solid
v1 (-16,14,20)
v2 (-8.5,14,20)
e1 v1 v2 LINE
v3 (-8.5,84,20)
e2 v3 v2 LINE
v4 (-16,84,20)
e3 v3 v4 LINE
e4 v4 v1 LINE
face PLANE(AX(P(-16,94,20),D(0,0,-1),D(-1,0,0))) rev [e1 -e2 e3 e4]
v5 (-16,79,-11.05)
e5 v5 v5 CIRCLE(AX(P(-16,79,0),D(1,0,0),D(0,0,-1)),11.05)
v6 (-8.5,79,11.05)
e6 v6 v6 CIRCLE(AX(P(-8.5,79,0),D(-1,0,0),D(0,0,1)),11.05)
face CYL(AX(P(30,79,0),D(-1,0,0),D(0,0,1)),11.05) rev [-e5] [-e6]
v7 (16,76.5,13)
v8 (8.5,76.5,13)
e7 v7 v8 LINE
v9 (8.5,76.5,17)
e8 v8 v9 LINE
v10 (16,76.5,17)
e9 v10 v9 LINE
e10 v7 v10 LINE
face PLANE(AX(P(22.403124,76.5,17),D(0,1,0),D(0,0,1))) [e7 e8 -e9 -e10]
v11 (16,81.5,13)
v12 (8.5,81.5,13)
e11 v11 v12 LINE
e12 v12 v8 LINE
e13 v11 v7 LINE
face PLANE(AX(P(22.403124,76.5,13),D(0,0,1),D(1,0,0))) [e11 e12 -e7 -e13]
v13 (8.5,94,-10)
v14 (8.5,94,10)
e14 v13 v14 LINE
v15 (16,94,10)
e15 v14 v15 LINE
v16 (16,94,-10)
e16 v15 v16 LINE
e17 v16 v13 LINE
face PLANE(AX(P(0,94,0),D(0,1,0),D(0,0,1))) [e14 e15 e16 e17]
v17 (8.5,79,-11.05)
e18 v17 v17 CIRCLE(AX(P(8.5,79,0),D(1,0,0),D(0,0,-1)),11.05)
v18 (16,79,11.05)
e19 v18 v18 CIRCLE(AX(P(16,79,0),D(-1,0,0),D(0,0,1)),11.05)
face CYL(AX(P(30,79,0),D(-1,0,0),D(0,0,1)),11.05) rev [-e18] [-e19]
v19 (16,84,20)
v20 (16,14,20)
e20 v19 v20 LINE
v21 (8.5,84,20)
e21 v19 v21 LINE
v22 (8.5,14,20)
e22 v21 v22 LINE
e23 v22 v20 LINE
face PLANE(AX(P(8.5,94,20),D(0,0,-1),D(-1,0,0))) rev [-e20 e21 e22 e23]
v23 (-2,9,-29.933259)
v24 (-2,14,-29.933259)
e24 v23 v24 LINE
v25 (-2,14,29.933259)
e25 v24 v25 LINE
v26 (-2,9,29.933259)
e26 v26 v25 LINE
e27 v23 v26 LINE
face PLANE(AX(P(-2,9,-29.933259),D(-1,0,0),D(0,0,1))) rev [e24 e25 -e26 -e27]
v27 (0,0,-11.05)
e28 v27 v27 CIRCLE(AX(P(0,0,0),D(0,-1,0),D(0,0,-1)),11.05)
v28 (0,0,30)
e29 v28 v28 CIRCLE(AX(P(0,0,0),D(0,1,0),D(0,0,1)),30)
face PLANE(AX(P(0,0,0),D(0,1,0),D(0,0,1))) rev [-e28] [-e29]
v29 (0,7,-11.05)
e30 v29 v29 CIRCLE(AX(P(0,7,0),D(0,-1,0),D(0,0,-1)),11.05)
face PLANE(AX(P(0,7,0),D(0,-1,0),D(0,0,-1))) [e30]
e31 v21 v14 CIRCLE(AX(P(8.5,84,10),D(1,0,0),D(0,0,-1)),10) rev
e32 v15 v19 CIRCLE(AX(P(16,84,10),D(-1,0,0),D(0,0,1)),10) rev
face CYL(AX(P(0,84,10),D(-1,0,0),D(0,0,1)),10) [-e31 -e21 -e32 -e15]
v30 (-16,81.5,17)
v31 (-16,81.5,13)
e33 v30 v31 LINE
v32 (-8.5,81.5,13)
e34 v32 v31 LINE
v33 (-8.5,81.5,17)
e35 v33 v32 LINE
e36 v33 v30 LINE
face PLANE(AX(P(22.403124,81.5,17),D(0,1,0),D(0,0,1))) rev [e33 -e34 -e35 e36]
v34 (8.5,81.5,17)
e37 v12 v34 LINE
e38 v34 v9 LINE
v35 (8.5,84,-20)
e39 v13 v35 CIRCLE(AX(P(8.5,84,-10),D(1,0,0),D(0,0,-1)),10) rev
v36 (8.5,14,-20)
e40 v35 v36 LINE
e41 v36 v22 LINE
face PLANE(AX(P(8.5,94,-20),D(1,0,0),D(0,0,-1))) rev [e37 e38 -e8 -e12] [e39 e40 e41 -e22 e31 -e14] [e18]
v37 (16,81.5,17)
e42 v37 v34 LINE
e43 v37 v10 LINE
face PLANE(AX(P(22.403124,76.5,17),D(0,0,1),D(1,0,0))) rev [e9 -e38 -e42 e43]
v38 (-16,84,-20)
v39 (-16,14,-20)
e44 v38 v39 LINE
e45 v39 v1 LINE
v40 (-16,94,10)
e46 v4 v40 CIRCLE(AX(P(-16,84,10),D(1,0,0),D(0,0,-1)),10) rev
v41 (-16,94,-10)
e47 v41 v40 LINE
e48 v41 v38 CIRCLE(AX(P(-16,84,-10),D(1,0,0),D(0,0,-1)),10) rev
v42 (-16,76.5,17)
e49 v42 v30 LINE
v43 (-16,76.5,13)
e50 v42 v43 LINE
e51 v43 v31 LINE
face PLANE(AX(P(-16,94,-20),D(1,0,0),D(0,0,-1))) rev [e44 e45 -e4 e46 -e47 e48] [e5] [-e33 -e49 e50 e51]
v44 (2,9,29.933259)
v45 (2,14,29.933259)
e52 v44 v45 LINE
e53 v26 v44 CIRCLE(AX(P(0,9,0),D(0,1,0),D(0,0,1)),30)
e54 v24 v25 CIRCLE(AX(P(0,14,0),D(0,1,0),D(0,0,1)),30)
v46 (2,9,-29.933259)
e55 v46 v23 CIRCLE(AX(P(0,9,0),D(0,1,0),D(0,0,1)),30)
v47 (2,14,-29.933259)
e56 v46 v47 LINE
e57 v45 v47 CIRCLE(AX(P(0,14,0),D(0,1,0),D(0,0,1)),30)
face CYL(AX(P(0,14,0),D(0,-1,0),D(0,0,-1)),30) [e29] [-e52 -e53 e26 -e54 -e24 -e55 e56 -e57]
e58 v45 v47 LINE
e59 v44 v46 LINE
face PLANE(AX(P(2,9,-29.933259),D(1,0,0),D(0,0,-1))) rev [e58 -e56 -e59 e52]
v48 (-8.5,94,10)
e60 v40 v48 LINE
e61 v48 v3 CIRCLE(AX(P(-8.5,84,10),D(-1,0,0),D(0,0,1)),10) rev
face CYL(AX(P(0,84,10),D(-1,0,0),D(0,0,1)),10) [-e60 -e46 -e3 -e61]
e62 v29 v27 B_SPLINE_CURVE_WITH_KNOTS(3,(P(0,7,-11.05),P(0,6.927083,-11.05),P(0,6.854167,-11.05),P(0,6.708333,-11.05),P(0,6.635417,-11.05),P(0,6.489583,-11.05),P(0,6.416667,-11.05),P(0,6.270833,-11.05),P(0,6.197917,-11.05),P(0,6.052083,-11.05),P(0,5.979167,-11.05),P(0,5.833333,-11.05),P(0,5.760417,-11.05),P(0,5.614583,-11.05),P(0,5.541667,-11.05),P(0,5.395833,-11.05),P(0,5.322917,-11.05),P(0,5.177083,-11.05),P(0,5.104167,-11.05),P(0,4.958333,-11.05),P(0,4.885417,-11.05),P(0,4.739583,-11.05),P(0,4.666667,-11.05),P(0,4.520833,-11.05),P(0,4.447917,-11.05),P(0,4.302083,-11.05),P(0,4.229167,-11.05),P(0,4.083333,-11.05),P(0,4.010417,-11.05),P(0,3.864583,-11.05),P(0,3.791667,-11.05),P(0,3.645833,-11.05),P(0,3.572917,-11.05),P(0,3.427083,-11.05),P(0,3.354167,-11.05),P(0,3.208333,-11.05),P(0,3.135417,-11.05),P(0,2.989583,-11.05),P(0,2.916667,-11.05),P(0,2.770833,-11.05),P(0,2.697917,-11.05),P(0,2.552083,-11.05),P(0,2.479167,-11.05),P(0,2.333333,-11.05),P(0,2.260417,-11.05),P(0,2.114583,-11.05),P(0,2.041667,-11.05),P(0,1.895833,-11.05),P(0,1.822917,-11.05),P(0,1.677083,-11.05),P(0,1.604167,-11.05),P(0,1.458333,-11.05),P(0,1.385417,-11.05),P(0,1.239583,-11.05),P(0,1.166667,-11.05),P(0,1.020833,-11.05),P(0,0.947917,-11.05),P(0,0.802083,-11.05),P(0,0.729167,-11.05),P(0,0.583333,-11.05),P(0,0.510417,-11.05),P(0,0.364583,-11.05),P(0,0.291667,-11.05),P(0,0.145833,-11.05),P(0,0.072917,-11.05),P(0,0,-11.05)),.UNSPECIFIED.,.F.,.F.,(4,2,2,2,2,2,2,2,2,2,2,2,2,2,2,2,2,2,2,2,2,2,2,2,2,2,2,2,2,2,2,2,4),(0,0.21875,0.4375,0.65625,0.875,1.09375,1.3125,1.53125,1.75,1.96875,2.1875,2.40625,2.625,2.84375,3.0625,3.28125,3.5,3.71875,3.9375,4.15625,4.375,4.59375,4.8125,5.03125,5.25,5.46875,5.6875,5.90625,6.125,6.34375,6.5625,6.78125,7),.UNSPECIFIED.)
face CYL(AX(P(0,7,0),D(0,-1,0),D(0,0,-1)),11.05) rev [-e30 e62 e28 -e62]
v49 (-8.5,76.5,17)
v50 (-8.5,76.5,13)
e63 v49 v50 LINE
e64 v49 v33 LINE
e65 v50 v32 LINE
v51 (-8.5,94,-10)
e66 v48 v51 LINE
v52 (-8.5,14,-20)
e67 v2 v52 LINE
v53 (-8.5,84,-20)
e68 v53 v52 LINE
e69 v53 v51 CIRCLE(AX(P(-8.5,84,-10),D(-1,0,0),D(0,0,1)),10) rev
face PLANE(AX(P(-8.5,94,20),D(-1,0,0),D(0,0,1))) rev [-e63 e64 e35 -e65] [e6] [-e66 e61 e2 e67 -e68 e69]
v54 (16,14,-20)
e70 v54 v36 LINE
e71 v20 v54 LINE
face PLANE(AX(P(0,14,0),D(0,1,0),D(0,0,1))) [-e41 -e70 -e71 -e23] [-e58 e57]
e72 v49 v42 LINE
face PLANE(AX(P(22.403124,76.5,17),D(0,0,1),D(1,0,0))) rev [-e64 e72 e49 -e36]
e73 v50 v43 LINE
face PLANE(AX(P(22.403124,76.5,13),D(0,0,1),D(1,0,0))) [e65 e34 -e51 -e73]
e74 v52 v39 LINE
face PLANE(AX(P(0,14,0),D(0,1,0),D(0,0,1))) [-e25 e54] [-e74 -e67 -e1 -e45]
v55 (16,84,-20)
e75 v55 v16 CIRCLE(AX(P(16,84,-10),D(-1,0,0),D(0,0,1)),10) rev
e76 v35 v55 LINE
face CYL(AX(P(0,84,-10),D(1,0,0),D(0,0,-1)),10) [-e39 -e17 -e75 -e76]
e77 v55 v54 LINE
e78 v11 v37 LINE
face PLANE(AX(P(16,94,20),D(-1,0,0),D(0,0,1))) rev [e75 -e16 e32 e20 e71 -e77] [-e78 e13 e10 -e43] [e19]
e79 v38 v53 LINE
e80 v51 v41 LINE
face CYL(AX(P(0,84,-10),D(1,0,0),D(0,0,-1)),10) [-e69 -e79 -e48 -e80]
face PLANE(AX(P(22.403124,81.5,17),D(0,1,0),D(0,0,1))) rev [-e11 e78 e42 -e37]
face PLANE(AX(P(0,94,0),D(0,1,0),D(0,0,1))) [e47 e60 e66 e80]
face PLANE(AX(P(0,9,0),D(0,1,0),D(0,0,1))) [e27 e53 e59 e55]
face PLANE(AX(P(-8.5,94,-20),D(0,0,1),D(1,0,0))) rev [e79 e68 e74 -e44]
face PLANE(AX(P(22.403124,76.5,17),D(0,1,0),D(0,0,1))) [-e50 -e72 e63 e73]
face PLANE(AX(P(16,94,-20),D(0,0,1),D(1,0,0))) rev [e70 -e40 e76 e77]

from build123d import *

# Parameters (mm, degrees)
SKETCH1_R               = 30
BOSS_EXTRUDE1_DEPTH     = 14
SKETCH2_R               = 11.05
CUT_EXTRUDE1_DEPTH      = 7
SKETCH5_W               = 7.5
SKETCH5_H               = 40
BOSS_EXTRUDE2_DEPTH     = 80
FILLET1_R               = 10
CUT_EXTRUDE3_DEPTH      = 109.866891202
CUT_EXTRUDE3_DEPTH_BACK = 109.866891202
SKETCH7_R               = 11.05
CUT_EXTRUDE4_START      = -5
CUT_EXTRUDE4_DEPTH      = 5
CUT_EXTRUDE5_REACH      = 110.867
SKETCH9_W               = 4
SKETCH9_H               = 5


with BuildPart() as part:
    # Sketch1 → Boss-Extrude1 (new body)
    with BuildSketch(Plane(origin=(0, 0, 0), x_dir=(1, 0, 0), z_dir=(0, 1, 0))):
        with Locations(Location((0, 0, 0), (0, 0, 90))):
            Circle(SKETCH1_R)
    extrude(amount=BOSS_EXTRUDE1_DEPTH)

    # Sketch2 → Cut-Extrude1 (cut)
    with BuildSketch(Plane.XZ):
        with Locations(Location((0, 0, 0), (0, 0, 270))):
            Circle(SKETCH2_R)
    extrude(amount=-CUT_EXTRUDE1_DEPTH, mode=Mode.SUBTRACT)

    # Sketch5 → Boss-Extrude2 (add)
    with BuildSketch(Plane(origin=(0, 14, 0), x_dir=(1, 0, 0), z_dir=(0, 1, 0))):
        with Locations((-12.25, 0)):
            Rectangle(SKETCH5_W, SKETCH5_H)
        with Locations((12.25, 0)):
            Rectangle(SKETCH5_W, SKETCH5_H)
    extrude(amount=BOSS_EXTRUDE2_DEPTH)

    # Fillet1
    fillet1_edges = [part.edges().sort_by_distance(p)[0] for p in [
        (-12.25, 94, 20),
        (-12.25, 94, -20),
        (12.25, 94, 20),
        (12.25, 94, -20),
    ]]
    fillet(fillet1_edges, radius=FILLET1_R)

    # Sketch7 → Cut-Extrude3 (cut, two sides: drawn at the far end of the back side and taken through both)
    with BuildSketch(Plane.ZY.offset(16).offset(-CUT_EXTRUDE3_DEPTH_BACK)):
        with Locations((0, 79)):
            Circle(SKETCH7_R)
    extrude(amount=CUT_EXTRUDE3_DEPTH + CUT_EXTRUDE3_DEPTH_BACK, mode=Mode.SUBTRACT)

    # Sketch8 → Cut-Extrude4 (cut)
    with BuildSketch(Plane(origin=(0, 14, 0), x_dir=(1, 0, 0), z_dir=(0, 1, 0)).offset(CUT_EXTRUDE4_START)):
        with BuildLine():
            Line((2, 29.933259094), (2, -29.933259094))
            ThreePointArc((2, -29.933259094), (0, -30), (-2, -29.933259094))
            Line((-2, -29.933259094), (-2, 29.933259094))
            ThreePointArc((-2, 29.933259094), (0, 30), (2, 29.933259094))
        make_face()
    extrude(amount=CUT_EXTRUDE4_DEPTH, mode=Mode.SUBTRACT)

    # Cut-Extrude5: up to this face of the body (flat: up to its plane)
    cut_extrude5_end = Plane(part.part.faces().sort_by_distance((16, 49.957843981, 0))[0])
    # Sketch9 → Cut-Extrude5 (cut, up to the picked face)
    with BuildSketch(Plane.ZY.offset(16), mode=Mode.PRIVATE) as cut_extrude5_sk1:
        with Locations((15, 79)):
            Rectangle(SKETCH9_W, SKETCH9_H)
    cut_extrude5_tool1 = split(extrude(cut_extrude5_sk1.sketch, amount=-CUT_EXTRUDE5_REACH, mode=Mode.PRIVATE), bisect_by=cut_extrude5_end, keep=Keep.BOTH, mode=Mode.PRIVATE)
    add(cut_extrude5_tool1.solids().sort_by(Axis((-16, 79, 15), (1, 0, 0)))[0], mode=Mode.SUBTRACT)


solid = part.part
